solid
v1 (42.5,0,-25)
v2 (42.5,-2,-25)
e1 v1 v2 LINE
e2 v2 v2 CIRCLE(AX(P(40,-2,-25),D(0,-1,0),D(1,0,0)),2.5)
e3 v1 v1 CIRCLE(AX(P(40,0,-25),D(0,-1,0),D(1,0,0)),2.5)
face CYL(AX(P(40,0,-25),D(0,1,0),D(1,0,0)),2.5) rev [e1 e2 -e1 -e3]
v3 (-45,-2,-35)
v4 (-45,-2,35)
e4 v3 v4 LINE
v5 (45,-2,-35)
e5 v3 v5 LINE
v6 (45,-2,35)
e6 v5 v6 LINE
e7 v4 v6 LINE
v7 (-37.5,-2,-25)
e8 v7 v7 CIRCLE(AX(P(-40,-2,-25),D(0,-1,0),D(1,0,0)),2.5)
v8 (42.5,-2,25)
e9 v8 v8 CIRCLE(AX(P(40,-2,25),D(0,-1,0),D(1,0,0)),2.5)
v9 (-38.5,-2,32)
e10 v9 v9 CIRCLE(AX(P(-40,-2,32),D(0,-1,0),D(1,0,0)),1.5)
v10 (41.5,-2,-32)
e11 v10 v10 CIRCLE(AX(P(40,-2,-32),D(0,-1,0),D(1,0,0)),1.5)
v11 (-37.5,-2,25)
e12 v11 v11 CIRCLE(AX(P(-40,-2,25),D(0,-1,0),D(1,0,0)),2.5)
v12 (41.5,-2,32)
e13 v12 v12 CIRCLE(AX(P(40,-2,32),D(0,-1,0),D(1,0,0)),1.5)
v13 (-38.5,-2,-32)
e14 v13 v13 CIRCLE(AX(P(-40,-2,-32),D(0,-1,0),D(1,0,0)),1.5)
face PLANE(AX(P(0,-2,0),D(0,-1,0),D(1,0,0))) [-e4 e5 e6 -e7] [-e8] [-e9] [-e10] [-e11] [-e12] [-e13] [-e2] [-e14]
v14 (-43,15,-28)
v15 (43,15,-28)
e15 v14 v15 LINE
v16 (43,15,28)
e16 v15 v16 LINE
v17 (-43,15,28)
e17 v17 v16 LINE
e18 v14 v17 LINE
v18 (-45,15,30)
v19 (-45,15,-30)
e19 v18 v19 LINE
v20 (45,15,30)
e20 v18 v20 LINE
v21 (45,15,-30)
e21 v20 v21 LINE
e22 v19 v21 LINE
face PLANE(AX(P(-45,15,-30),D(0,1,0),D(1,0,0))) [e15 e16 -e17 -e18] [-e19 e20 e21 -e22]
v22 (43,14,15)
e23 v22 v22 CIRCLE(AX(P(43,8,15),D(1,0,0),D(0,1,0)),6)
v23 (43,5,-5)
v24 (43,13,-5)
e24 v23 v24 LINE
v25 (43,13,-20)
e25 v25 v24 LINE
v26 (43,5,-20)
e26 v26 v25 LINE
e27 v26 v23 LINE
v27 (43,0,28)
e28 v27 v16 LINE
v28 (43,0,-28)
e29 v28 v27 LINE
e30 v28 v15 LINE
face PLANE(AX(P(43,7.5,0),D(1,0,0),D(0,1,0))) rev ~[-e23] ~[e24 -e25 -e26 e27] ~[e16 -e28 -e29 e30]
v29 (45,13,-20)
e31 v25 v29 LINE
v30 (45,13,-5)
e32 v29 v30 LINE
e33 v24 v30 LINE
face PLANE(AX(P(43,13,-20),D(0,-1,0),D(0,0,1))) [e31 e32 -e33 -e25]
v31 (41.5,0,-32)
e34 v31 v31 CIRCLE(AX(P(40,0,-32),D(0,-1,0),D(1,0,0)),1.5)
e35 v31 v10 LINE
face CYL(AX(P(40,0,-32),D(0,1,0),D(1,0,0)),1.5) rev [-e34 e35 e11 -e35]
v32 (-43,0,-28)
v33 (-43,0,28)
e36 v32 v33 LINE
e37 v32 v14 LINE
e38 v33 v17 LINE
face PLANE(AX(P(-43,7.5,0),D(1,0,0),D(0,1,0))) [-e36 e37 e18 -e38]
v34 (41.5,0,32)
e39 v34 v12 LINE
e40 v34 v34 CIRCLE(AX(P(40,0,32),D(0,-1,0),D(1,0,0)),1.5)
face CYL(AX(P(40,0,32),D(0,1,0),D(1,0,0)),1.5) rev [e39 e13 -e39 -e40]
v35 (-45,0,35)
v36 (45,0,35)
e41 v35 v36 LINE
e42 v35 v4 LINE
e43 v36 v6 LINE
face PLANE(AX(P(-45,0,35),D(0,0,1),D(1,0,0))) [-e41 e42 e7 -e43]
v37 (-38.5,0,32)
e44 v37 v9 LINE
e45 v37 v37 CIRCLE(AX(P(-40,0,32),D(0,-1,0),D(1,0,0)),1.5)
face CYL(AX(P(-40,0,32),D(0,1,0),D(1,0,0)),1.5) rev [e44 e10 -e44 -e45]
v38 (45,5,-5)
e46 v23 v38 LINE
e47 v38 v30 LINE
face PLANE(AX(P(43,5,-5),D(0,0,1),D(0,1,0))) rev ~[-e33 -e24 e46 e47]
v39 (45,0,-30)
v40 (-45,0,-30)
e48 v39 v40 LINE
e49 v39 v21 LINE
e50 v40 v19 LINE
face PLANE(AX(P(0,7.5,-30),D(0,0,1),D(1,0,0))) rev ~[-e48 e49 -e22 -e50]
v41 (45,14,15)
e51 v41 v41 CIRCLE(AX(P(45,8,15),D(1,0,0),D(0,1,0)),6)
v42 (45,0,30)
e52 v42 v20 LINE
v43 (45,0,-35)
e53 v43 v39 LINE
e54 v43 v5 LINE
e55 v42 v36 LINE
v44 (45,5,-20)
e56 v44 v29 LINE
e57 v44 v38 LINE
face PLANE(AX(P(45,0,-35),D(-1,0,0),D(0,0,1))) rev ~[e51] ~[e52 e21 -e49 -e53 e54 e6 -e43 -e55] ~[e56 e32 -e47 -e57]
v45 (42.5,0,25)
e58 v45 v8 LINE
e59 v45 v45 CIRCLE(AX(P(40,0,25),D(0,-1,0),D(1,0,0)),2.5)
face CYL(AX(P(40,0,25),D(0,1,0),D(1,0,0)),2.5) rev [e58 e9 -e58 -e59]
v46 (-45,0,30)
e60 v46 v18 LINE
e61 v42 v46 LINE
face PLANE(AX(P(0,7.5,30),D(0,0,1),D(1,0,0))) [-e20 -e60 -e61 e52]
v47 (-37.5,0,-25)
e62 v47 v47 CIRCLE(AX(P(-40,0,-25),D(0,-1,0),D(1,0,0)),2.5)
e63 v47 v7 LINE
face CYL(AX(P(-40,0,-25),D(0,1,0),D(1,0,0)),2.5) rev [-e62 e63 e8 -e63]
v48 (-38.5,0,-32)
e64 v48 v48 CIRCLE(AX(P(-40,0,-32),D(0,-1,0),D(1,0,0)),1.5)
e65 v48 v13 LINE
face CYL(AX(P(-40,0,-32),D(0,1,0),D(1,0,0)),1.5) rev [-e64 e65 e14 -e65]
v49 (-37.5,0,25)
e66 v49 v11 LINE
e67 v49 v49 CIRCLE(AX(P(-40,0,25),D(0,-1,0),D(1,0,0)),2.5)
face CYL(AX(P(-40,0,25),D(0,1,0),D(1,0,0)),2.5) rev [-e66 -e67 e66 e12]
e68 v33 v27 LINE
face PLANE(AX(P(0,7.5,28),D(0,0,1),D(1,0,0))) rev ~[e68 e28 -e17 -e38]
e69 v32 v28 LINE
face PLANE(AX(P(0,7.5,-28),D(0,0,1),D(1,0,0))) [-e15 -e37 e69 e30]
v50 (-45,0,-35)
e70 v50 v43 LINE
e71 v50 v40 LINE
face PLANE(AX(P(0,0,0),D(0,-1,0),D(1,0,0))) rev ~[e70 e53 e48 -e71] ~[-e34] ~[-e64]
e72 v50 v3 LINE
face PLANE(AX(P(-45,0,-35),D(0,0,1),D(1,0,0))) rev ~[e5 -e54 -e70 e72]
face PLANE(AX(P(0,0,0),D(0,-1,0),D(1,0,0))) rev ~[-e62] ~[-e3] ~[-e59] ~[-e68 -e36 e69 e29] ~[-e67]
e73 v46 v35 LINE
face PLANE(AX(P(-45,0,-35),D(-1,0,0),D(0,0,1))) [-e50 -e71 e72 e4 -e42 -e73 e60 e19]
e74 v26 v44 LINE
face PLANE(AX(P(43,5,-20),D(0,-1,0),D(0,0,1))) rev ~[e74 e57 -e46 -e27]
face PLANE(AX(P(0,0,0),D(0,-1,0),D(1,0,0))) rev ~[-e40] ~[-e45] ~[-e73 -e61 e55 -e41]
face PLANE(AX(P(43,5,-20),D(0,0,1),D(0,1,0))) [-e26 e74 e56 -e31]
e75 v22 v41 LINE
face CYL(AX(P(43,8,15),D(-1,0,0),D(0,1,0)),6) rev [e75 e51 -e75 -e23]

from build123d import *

# Parameters (mm, degrees)
SKETCH004_W   = 15
SKETCH004_H   = 60
SKETCH004_R   = 6
SKETCH004_W_2 = 8
SKETCH004_H_2 = 15
PAD004_DEPTH  = 2
SKETCH003_W   = 15
SKETCH003_H   = 60
PAD003_DEPTH  = 2
SKETCH002_W   = 90
SKETCH002_H   = 15
PAD002_DEPTH  = 2
SKETCH001_W   = 90
SKETCH001_H   = 15
PAD001_DEPTH  = 2
SKETCH_W      = 90
SKETCH_H      = 70
SKETCH_R      = 2.5
SKETCH_R_2    = 1.5
PAD_DEPTH     = 2


with BuildPart() as body004:
    # Sketch004 → Pad004 (new body)
    with BuildSketch(Plane.YZ):
        with Locations((7.5, 0)):
            Rectangle(SKETCH004_W, SKETCH004_H)
        with Locations((8, 15)):
            Circle(SKETCH004_R, mode=Mode.SUBTRACT)
        with Locations((9, -12.5)):
            Rectangle(SKETCH004_W_2, SKETCH004_H_2, mode=Mode.SUBTRACT)
    extrude(amount=PAD004_DEPTH)


with BuildPart() as body004_1:
    # Body004 placement: moved
    add(body004.part.moved(Location((43, 0, 0))))


with BuildPart() as body003:
    # Sketch003 → Pad003 (new body)
    with BuildSketch(Plane.YZ):
        with Locations((7.5, 0)):
            Rectangle(SKETCH003_W, SKETCH003_H)
    extrude(amount=PAD003_DEPTH)


with BuildPart() as body003_1:
    # Body003 placement: moved
    add(body003.part.moved(Location((-45, 0, 0))))


with BuildPart() as body002:
    # Sketch002 → Pad002 (new body)
    with BuildSketch(Plane.XY):
        with Locations((0, 7.5)):
            Rectangle(SKETCH002_W, SKETCH002_H)
    extrude(amount=PAD002_DEPTH)


with BuildPart() as body002_1:
    # Body002 placement: moved
    add(body002.part.moved(Location((0, 0, -30))))


with BuildPart() as body001:
    # Sketch001 → Pad001 (new body)
    with BuildSketch(Plane.XY):
        with Locations((0, 7.5)):
            Rectangle(SKETCH001_W, SKETCH001_H)
    extrude(amount=PAD001_DEPTH)


with BuildPart() as body001_1:
    # Body001 placement: moved
    add(body001.part.moved(Location((0, 0, 28))))


with BuildPart() as fusion003:
    # Sketch → Pad (new body)
    with BuildSketch(Plane.XZ):
        Rectangle(SKETCH_W, SKETCH_H)
        with Locations((-40, 25)):
            Circle(SKETCH_R, mode=Mode.SUBTRACT)
        with Locations((-40, -25)):
            Circle(SKETCH_R, mode=Mode.SUBTRACT)
        with Locations((40, -25)):
            Circle(SKETCH_R, mode=Mode.SUBTRACT)
        with Locations((40, 25)):
            Circle(SKETCH_R, mode=Mode.SUBTRACT)
        with Locations((-40, 32)):
            Circle(SKETCH_R_2, mode=Mode.SUBTRACT)
        with Locations((40, 32)):
            Circle(SKETCH_R_2, mode=Mode.SUBTRACT)
        with Locations((40, -32)):
            Circle(SKETCH_R_2, mode=Mode.SUBTRACT)
        with Locations((-40, -32)):
            Circle(SKETCH_R_2, mode=Mode.SUBTRACT)
    extrude(amount=PAD_DEPTH)

    # Fusion: union Body001
    add(body001_1.part)

    # Fusion001: union Body002
    add(body002_1.part)

    # Fusion002: union Body003
    add(body003_1.part)

    # Fusion003: union Body004
    add(body004_1.part)


solid = fusion003.part
